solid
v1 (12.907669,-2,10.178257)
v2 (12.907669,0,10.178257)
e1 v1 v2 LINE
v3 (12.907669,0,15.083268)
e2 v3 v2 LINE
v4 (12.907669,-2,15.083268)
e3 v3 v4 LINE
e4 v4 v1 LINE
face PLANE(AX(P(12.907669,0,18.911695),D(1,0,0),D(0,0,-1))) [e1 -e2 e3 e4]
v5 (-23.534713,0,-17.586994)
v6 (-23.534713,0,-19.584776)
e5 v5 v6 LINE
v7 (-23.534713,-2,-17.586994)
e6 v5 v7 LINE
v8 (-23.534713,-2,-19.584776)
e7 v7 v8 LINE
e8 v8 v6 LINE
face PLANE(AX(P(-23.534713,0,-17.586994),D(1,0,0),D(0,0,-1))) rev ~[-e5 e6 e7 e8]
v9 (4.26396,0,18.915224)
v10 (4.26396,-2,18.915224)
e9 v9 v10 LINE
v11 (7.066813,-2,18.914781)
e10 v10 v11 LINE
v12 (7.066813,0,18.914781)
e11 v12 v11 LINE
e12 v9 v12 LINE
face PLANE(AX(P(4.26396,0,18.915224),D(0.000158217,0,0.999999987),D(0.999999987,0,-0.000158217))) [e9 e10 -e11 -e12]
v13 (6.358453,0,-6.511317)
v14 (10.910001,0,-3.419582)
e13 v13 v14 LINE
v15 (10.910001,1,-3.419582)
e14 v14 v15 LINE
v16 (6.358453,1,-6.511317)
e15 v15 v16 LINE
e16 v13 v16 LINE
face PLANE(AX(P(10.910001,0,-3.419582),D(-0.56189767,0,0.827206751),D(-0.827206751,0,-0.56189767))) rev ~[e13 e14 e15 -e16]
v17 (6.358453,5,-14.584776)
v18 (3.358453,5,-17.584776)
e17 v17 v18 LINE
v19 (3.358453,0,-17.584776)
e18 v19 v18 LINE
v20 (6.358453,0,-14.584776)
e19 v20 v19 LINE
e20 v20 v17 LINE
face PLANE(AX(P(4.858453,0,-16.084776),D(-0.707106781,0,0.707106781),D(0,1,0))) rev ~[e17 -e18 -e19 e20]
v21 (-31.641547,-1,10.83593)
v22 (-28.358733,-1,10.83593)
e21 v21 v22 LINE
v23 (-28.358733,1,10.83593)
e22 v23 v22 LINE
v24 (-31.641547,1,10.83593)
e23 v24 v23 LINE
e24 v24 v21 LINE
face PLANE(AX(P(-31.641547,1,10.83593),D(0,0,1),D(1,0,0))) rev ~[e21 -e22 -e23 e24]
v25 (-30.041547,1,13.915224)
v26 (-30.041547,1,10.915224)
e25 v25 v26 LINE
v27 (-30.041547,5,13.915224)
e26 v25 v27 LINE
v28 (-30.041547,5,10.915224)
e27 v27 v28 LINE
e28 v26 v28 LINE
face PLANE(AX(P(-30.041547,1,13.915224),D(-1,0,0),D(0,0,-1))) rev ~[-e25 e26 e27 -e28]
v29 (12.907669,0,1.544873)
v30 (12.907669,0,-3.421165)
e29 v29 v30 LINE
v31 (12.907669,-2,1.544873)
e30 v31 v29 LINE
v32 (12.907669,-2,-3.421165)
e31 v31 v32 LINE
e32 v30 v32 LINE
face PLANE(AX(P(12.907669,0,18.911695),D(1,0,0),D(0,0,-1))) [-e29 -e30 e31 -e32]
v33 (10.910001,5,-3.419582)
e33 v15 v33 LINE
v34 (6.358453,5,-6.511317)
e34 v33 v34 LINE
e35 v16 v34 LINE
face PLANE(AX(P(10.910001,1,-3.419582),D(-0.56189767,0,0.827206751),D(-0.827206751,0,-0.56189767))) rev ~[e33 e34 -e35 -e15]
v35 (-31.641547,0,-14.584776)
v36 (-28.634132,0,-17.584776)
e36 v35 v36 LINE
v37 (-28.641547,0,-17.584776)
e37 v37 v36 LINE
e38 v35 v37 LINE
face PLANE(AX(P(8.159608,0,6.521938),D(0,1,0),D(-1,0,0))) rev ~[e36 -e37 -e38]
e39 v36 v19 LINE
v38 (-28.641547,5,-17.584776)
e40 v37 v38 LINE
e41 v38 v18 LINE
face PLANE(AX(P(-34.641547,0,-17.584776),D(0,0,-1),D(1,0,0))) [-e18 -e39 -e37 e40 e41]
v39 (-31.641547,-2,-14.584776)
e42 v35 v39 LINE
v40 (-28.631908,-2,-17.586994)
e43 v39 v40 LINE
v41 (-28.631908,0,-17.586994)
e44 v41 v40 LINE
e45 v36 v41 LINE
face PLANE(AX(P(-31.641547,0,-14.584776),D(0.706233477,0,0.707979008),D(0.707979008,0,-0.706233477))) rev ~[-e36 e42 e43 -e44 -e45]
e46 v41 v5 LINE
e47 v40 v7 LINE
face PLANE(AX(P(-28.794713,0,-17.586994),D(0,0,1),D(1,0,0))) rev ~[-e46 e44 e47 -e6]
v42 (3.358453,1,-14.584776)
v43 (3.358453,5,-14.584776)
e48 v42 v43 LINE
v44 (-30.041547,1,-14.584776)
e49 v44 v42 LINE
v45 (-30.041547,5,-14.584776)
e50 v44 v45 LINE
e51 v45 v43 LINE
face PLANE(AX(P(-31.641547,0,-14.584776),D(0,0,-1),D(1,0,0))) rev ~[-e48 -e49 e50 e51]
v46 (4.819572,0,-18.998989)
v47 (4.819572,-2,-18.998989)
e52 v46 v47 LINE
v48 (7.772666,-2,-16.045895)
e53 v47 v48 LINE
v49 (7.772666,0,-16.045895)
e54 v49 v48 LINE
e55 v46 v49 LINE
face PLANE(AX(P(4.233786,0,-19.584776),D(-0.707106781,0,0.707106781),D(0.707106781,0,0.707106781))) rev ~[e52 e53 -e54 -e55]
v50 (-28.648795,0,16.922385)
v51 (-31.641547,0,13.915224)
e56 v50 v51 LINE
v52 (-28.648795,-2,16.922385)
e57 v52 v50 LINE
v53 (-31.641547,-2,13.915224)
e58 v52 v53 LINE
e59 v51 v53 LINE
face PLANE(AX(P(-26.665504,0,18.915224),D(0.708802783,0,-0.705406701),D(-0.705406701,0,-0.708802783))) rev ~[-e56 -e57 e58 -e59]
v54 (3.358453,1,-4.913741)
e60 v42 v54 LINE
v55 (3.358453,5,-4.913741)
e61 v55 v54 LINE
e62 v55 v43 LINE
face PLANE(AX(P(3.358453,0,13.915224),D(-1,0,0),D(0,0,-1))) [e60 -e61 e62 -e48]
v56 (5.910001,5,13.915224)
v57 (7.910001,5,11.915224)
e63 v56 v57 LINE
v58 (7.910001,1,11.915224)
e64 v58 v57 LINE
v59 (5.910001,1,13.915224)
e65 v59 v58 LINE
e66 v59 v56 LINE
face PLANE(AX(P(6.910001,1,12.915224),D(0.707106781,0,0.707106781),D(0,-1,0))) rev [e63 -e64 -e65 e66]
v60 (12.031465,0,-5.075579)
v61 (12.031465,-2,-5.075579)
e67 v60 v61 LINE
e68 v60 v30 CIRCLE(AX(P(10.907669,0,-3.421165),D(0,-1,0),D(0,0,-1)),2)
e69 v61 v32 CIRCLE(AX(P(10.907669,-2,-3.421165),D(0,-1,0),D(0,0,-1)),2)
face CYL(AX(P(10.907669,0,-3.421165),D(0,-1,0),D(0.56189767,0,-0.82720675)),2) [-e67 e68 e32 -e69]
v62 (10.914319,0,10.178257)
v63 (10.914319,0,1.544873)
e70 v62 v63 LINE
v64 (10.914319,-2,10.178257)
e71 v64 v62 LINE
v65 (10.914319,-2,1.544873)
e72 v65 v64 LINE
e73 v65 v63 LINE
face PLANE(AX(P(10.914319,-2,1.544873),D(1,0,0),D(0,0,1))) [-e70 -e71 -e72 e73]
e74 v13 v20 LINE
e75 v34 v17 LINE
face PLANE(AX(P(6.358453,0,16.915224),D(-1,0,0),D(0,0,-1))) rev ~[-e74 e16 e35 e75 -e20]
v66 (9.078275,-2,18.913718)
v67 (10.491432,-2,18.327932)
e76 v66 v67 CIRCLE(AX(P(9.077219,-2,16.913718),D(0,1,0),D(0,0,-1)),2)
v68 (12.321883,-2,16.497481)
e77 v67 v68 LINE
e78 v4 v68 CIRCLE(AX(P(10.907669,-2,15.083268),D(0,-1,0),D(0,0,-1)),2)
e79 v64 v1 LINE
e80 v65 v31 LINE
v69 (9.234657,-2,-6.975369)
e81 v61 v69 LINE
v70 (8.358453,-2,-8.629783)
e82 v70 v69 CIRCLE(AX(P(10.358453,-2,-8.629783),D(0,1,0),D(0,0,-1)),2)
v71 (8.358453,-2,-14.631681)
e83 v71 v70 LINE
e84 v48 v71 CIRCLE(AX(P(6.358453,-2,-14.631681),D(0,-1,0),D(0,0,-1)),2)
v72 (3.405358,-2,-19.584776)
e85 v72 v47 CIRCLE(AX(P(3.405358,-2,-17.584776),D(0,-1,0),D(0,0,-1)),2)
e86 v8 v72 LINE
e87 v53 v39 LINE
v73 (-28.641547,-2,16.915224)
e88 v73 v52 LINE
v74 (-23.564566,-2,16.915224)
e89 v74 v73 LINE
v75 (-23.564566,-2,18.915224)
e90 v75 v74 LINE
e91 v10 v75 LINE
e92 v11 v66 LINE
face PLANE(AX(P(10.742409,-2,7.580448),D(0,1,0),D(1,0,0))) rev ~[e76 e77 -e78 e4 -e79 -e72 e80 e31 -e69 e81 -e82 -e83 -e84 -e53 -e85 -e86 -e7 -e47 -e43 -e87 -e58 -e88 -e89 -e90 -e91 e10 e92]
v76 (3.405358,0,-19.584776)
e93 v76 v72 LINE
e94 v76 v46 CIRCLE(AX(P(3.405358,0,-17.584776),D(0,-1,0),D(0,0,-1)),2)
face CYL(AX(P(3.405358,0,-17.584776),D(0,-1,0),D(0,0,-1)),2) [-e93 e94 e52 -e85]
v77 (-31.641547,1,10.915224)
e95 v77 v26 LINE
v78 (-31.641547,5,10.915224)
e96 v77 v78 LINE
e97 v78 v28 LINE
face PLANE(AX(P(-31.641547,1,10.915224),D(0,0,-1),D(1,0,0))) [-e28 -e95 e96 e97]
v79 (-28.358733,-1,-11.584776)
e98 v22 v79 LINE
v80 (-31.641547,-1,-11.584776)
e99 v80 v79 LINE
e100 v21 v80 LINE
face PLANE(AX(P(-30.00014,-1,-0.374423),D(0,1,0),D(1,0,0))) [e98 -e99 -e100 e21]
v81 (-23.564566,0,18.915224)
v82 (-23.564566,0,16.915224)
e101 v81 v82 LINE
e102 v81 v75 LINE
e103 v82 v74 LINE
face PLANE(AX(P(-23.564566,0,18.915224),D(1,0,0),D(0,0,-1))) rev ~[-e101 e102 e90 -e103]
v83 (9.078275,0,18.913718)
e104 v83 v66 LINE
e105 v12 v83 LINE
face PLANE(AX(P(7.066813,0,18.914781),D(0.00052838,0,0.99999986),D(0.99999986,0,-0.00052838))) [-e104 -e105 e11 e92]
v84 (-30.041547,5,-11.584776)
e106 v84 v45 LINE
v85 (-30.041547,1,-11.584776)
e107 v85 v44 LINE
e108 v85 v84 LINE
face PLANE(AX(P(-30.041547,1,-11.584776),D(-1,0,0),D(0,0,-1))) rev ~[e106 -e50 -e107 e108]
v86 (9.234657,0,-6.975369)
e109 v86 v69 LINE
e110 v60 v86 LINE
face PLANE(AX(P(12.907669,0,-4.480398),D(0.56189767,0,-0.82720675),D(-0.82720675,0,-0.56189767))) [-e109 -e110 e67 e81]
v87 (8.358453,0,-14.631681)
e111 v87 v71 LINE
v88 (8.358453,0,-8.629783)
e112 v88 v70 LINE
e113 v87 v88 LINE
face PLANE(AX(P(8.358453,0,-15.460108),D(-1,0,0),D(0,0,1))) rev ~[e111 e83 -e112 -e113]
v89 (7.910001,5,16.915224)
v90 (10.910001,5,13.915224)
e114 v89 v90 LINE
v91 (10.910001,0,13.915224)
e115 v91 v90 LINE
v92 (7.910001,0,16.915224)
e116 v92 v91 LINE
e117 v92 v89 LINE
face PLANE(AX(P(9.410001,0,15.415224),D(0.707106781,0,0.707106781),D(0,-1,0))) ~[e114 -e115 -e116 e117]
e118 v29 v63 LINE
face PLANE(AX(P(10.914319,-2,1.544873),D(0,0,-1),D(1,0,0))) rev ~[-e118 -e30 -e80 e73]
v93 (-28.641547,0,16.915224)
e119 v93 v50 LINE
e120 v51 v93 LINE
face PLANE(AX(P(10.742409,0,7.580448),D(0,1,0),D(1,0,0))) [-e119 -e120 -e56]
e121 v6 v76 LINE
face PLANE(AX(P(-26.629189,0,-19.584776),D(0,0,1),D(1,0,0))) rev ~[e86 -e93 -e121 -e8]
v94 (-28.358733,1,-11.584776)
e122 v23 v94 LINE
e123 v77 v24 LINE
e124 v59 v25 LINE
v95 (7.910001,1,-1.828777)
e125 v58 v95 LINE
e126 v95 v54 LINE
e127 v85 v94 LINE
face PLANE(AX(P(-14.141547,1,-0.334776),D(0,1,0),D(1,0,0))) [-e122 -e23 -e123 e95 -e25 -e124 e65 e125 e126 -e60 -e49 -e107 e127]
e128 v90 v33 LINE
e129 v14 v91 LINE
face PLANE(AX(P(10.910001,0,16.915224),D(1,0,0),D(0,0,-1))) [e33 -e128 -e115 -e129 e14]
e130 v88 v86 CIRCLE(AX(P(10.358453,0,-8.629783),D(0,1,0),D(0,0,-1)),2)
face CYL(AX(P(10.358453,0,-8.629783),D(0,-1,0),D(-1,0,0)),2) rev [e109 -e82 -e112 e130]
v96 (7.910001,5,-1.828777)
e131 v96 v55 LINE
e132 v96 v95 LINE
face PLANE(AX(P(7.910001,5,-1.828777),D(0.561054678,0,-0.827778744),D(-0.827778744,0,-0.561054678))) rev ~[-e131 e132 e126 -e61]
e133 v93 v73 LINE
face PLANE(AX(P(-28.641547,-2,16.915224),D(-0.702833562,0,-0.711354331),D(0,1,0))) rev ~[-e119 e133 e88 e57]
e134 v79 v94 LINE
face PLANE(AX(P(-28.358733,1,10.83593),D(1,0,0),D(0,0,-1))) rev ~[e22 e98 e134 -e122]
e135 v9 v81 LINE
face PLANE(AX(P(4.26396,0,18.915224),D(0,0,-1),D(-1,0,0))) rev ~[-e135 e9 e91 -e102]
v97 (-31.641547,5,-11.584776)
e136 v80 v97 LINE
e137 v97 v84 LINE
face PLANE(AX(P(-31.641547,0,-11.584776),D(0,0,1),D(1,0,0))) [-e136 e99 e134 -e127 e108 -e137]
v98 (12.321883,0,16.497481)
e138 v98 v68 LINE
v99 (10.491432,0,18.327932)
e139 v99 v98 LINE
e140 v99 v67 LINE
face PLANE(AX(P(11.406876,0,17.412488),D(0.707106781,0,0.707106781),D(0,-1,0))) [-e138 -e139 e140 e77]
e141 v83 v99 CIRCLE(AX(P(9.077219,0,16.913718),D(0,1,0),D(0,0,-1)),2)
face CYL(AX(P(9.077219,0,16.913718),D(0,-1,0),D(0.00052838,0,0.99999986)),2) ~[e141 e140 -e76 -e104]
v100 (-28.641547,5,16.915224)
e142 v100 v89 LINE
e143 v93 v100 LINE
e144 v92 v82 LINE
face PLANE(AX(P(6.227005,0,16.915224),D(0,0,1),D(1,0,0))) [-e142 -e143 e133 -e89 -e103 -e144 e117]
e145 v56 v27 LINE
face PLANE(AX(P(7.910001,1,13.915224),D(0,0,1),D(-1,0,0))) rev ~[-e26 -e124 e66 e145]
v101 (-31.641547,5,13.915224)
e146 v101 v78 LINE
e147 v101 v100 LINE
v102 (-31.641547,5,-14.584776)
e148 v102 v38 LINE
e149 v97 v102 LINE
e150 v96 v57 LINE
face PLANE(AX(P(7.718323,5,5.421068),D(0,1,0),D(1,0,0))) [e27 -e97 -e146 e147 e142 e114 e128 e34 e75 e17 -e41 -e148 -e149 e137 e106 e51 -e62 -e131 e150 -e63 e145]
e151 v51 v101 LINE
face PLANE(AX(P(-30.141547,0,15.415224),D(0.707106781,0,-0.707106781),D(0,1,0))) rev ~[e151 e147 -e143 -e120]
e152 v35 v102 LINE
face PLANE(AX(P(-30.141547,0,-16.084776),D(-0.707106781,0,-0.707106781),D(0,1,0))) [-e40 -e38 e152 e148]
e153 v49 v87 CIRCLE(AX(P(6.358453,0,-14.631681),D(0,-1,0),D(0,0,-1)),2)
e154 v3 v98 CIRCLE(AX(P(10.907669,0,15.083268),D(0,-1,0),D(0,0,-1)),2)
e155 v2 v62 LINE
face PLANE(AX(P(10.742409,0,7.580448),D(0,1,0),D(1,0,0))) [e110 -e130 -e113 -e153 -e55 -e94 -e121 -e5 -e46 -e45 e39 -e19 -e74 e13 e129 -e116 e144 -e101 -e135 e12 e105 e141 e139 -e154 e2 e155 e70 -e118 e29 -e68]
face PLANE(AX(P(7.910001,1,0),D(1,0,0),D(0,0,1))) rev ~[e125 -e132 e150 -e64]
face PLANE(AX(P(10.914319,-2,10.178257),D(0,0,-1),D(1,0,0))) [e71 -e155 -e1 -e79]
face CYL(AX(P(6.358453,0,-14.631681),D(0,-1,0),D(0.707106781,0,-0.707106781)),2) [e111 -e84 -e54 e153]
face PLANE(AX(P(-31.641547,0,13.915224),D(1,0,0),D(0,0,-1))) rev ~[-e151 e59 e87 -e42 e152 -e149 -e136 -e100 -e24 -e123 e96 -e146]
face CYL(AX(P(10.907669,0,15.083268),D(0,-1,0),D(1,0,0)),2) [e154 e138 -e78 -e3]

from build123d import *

# Parameters (mm, degrees)
SKETCH1_W               = 41
SKETCH1_H               = 34.5
SKETCH1_W_2             = 35
SKETCH1_H_2             = 28.5
BOSS_EXTRUDE1_DEPTH     = 5
SKETCH2_W               = 35
SKETCH2_H               = 28.5
BOSS_EXTRUDE2_DEPTH     = 1
SKETCH6_W               = 34.5
SKETCH6_H               = 5
CUT_EXTRUDE2_DEPTH      = 3
SKETCH7_W               = 1.6
SKETCH7_H               = 3
BOSS_EXTRUDE3_DEPTH     = 4
CHAMFER1_SIZE           = 3
SKETCH14_W              = 3.502632447
SKETCH14_H              = 20.452559449
CUT_EXTRUDE6_DEPTH      = 10
BOSS_EXTRUDE5_DEPTH     = 4
BOSS_EXTRUDE7_DEPTH     = 1
SKETCH9_W               = 3.28281374
SKETCH9_H               = 22.420706044
CUT_EXTRUDE3_DEPTH      = 4
BOSS_EXTRUDE4_DEPTH     = 2
SKETCH12_W              = 3.28281374
SKETCH12_H              = 22.420706044
CUT_EXTRUDE4_DEPTH      = 1
BOSS_EXTRUDE8_DEPTH     = 2
BOSS_EXTRUDE9_DEPTH     = 2
CUT_EXTRUDE7_DEPTH      = 1
CUT_EXTRUDE7_DEPTH_BACK = 4
CHAMFER2_SIZE           = 3
CHAMFER2_EDGE_2_SIZE2   = 3
CHAMFER2_EDGE_2_SIZE    = 3.001586398
CHAMFER3_SIZE           = 2
CUT_EXTRUDE8_DEPTH      = 10
SKETCH29_W              = 2.811538377
SKETCH29_H              = 2
CUT_EXTRUDE9_DEPTH      = 10
SKETCH31_W              = 5.26
SKETCH31_H              = 2
CUT_EXTRUDE10_DEPTH     = 10
SKETCH33_W              = 1.99335007
SKETCH33_H              = 8.633384354
CUT_EXTRUDE11_DEPTH     = 10
FILLET1_R               = 2


with BuildPart() as part:
    # Sketch1 → Boss-Extrude1 (new body)
    with BuildSketch(Plane(origin=(0, 0, 0), x_dir=(1, 0, 0), z_dir=(0, 1, 0))):
        with Locations((-14.14154724, 0.334775681)):
            Rectangle(SKETCH1_W, SKETCH1_H)
        with Locations((-14.14154724, 0.334775681)):
            Rectangle(SKETCH1_W_2, SKETCH1_H_2, mode=Mode.SUBTRACT)
    extrude(amount=BOSS_EXTRUDE1_DEPTH)

    # Sketch2 → Boss-Extrude2 (add)
    with BuildSketch(Plane(origin=(0, 0, 0), x_dir=(1, 0, 0), z_dir=(0, 1, 0))):
        with Locations((-14.14154724, 0.334775681)):
            Rectangle(SKETCH2_W, SKETCH2_H)
    extrude(amount=BOSS_EXTRUDE2_DEPTH)

    # Sketch6 → Cut-Extrude2 (cut)
    with BuildSketch(Plane.ZY.offset(34.64154724)):
        with Locations((-0.334775681, 2.5)):
            Rectangle(SKETCH6_W, SKETCH6_H)
    extrude(amount=-CUT_EXTRUDE2_DEPTH, mode=Mode.SUBTRACT)

    # Sketch7 → Boss-Extrude3 (add)
    with BuildSketch(Plane(origin=(0, 1, 0), x_dir=(1, 0, 0), z_dir=(0, 1, 0))):
        with Locations((-30.84154724, 13.084775681)):
            Rectangle(SKETCH7_W, SKETCH7_H)
        with Locations((-30.84154724, -12.415224319)):
            Rectangle(SKETCH7_W, SKETCH7_H)
    extrude(amount=BOSS_EXTRUDE3_DEPTH)

    # Chamfer1
    chamfer1_edges = [part.edges().sort_by_distance(p)[0] for p in [
        (-31.64154724, 2.5, -17.584775681),
        (-31.64154724, 2.5, 16.915224319),
        (6.35845276, 2.5, -17.584775681),
        (6.35845276, 2.5, 16.915224319),
    ]]
    chamfer(chamfer1_edges, length=CHAMFER1_SIZE)

    # Sketch14 → Cut-Extrude6 (cut)
    with BuildSketch(Plane(origin=(0, 1, 0), x_dir=(1, 0, 0), z_dir=(0, 1, 0))):
        with Locations((5.109768984, -7.134544415)):
            Rectangle(SKETCH14_W, SKETCH14_H)
    extrude(amount=CUT_EXTRUDE6_DEPTH, mode=Mode.SUBTRACT)

    # Sketch17 → Boss-Extrude5 (add)
    with BuildSketch(Plane(origin=(0, 1, 0), x_dir=(1, 0, 0), z_dir=(0, 1, 0))):
        Polygon((3.35845276, 3.09173531), (7.910000942, 0), (7.910000942, -13.915224319), (3.35845276, -13.915224319), (3.35845276, -16.915224319), (10.910000942, -16.915224319), (10.910000942, 3.419581668), (3.35845276, 8.549130391), align=None)
    extrude(amount=BOSS_EXTRUDE5_DEPTH)

    # Sketch19 → Boss-Extrude7 (add)
    with BuildSketch(Plane.XZ):
        Polygon((3.35845276, 16.915224319), (10.910000942, 16.915224319), (10.910000942, -3.419581668), (6.35845276, -6.511316978), (6.35845276, 13.915224319), align=None)
    extrude(amount=-BOSS_EXTRUDE7_DEPTH)

    # Sketch9 → Cut-Extrude3 (cut)
    with BuildSketch(Plane(origin=(0, 1, 0), x_dir=(1, 0, 0), z_dir=(0, 1, 0))):
        with Locations((-30.00014037, 0.374422659)):
            Rectangle(SKETCH9_W, SKETCH9_H)
    extrude(amount=-CUT_EXTRUDE3_DEPTH, mode=Mode.SUBTRACT)

    # Sketch11 → Boss-Extrude4 (add)
    with BuildSketch(Plane.XZ):
        Polygon((-26.665503706, 18.915224319), (-31.64154724, 13.915224319), (-31.64154724, -14.584775681), (-26.629189212, -19.584775681), (4.233785533, -19.584775681), (8.35845276, -15.460108453), (8.35845276, 14.743651444), (4.263960312, 18.915224319), align=None)
    extrude(amount=BOSS_EXTRUDE4_DEPTH)

    # Sketch12 → Cut-Extrude4 (cut)
    with BuildSketch(Plane(origin=(0, 0, 0), x_dir=(1, 0, 0), z_dir=(0, 1, 0))):
        with Locations((-30.00014037, 0.374422659)):
            Rectangle(SKETCH12_W, SKETCH12_H)
    extrude(amount=-CUT_EXTRUDE4_DEPTH, mode=Mode.SUBTRACT)

    # Sketch20 → Boss-Extrude8 (add)
    with BuildSketch(Plane.XZ):
        Polygon((6.227005221, 16.915224319), (10.910000942, 16.915224319), (10.910000942, -3.419581668), (8.35845276, -5.152774704), (8.35845276, 14.743651444), align=None)
    extrude(amount=BOSS_EXTRUDE8_DEPTH)

    # Sketch21 → Boss-Extrude9 (add)
    with BuildSketch(Plane(origin=(0, 0, 0), x_dir=(1, 0, 0), z_dir=(0, 1, 0))):
        Polygon((8.35845276, 7.570549944), (8.35845276, 5.152774704), (10.90766939, 3.421165424), (10.90766939, -16.912751148), (6.227005221, -16.915224319), (4.263960312, -18.915224319), (7.06681334, -18.91478086), (12.90766939, -18.911694666), (12.90766939, 4.480398389), align=None)
    extrude(amount=-BOSS_EXTRUDE9_DEPTH)

    # Sketch23 → Cut-Extrude7 (cut, two sides)
    with BuildSketch(Plane(origin=(0, 5, 0), x_dir=(1, 0, 0), z_dir=(0, 1, 0))) as cut_extrude7_sk:
        Polygon((7.910000942, 0), (7.910000942, 1.828776855), (3.35845276, 4.913740582), (3.35845276, 3.09173531), align=None)
    extrude(amount=CUT_EXTRUDE7_DEPTH, mode=Mode.SUBTRACT)
    extrude(cut_extrude7_sk.sketch, amount=-CUT_EXTRUDE7_DEPTH_BACK, mode=Mode.SUBTRACT)

    # Chamfer2
    chamfer2_edges = [part.edges().sort_by_distance(p)[0] for p in [
        (10.910000942, 2.5, 16.915224319),
    ]]
    chamfer(chamfer2_edges, length=CHAMFER2_SIZE)

    # Chamfer2 edge 2
    chamfer2_edge_2_edges = [part.edges().sort_by_distance(p)[0] for p in [
        (12.90766939, -1, 18.911694666),
    ]]
    chamfer(chamfer2_edge_2_edges, length=CHAMFER2_EDGE_2_SIZE, length2=CHAMFER2_EDGE_2_SIZE2)

    # Chamfer3
    chamfer3_edges = [part.edges().sort_by_distance(p)[0] for p in [
        (7.910000942, 3, 13.915224319),
    ]]
    chamfer(chamfer3_edges, length=CHAMFER3_SIZE)

    # Sketch27 → Cut-Extrude8 (cut)
    with BuildSketch(Plane(origin=(0, 0, 0), x_dir=(1, 0, 0), z_dir=(0, 1, 0))):
        Polygon((-23.564566169, -18.915224319), (-23.564566169, -16.956730787), (-23.564566169, -16.915224319), (-28.64154724, -16.915224319), (-26.665503706, -18.915224319), align=None)
    extrude(amount=-CUT_EXTRUDE8_DEPTH, mode=Mode.SUBTRACT)

    # Sketch29 → Cut-Extrude9 (cut)
    with BuildSketch(Plane(origin=(-22.95033658, 0, 22.675432092), x_dir=(-0.702833562, 0, -0.711354331), z_dir=(0.711354331, 0, -0.702833562))):
        with Locations((6.691753419, -1)):
            Rectangle(SKETCH29_W, SKETCH29_H)
    extrude(amount=-CUT_EXTRUDE9_DEPTH, mode=Mode.SUBTRACT)

    # Sketch31 → Cut-Extrude10 (cut)
    with BuildSketch(Plane(origin=(0, 0, 0), x_dir=(1, 0, 0), z_dir=(0, 1, 0))):
        with Locations((-26.164712617, 18.586994213)):
            Rectangle(SKETCH31_W, SKETCH31_H)
    extrude(amount=-CUT_EXTRUDE10_DEPTH, mode=Mode.SUBTRACT)

    # Sketch33 → Cut-Extrude11 (cut)
    with BuildSketch(Plane.XZ.offset(2)):
        with Locations((11.910994355, 5.861564698)):
            Rectangle(SKETCH33_W, SKETCH33_H)
    extrude(amount=-CUT_EXTRUDE11_DEPTH, mode=Mode.SUBTRACT)

    # Fillet1
    fillet1_edges = [part.edges().sort_by_distance(p)[0] for p in [
        (4.233785533, -1, -19.584775681),
        (8.35845276, -1, -15.460108453),
        (8.35845276, -1, -7.570549944),
        (12.90766939, -1, -4.480398389),
        (9.906083411, -1, 18.913280645),
        (12.90766939, -1, 15.911694666),
    ]]
    fillet(fillet1_edges, radius=FILLET1_R)


solid = part.part
